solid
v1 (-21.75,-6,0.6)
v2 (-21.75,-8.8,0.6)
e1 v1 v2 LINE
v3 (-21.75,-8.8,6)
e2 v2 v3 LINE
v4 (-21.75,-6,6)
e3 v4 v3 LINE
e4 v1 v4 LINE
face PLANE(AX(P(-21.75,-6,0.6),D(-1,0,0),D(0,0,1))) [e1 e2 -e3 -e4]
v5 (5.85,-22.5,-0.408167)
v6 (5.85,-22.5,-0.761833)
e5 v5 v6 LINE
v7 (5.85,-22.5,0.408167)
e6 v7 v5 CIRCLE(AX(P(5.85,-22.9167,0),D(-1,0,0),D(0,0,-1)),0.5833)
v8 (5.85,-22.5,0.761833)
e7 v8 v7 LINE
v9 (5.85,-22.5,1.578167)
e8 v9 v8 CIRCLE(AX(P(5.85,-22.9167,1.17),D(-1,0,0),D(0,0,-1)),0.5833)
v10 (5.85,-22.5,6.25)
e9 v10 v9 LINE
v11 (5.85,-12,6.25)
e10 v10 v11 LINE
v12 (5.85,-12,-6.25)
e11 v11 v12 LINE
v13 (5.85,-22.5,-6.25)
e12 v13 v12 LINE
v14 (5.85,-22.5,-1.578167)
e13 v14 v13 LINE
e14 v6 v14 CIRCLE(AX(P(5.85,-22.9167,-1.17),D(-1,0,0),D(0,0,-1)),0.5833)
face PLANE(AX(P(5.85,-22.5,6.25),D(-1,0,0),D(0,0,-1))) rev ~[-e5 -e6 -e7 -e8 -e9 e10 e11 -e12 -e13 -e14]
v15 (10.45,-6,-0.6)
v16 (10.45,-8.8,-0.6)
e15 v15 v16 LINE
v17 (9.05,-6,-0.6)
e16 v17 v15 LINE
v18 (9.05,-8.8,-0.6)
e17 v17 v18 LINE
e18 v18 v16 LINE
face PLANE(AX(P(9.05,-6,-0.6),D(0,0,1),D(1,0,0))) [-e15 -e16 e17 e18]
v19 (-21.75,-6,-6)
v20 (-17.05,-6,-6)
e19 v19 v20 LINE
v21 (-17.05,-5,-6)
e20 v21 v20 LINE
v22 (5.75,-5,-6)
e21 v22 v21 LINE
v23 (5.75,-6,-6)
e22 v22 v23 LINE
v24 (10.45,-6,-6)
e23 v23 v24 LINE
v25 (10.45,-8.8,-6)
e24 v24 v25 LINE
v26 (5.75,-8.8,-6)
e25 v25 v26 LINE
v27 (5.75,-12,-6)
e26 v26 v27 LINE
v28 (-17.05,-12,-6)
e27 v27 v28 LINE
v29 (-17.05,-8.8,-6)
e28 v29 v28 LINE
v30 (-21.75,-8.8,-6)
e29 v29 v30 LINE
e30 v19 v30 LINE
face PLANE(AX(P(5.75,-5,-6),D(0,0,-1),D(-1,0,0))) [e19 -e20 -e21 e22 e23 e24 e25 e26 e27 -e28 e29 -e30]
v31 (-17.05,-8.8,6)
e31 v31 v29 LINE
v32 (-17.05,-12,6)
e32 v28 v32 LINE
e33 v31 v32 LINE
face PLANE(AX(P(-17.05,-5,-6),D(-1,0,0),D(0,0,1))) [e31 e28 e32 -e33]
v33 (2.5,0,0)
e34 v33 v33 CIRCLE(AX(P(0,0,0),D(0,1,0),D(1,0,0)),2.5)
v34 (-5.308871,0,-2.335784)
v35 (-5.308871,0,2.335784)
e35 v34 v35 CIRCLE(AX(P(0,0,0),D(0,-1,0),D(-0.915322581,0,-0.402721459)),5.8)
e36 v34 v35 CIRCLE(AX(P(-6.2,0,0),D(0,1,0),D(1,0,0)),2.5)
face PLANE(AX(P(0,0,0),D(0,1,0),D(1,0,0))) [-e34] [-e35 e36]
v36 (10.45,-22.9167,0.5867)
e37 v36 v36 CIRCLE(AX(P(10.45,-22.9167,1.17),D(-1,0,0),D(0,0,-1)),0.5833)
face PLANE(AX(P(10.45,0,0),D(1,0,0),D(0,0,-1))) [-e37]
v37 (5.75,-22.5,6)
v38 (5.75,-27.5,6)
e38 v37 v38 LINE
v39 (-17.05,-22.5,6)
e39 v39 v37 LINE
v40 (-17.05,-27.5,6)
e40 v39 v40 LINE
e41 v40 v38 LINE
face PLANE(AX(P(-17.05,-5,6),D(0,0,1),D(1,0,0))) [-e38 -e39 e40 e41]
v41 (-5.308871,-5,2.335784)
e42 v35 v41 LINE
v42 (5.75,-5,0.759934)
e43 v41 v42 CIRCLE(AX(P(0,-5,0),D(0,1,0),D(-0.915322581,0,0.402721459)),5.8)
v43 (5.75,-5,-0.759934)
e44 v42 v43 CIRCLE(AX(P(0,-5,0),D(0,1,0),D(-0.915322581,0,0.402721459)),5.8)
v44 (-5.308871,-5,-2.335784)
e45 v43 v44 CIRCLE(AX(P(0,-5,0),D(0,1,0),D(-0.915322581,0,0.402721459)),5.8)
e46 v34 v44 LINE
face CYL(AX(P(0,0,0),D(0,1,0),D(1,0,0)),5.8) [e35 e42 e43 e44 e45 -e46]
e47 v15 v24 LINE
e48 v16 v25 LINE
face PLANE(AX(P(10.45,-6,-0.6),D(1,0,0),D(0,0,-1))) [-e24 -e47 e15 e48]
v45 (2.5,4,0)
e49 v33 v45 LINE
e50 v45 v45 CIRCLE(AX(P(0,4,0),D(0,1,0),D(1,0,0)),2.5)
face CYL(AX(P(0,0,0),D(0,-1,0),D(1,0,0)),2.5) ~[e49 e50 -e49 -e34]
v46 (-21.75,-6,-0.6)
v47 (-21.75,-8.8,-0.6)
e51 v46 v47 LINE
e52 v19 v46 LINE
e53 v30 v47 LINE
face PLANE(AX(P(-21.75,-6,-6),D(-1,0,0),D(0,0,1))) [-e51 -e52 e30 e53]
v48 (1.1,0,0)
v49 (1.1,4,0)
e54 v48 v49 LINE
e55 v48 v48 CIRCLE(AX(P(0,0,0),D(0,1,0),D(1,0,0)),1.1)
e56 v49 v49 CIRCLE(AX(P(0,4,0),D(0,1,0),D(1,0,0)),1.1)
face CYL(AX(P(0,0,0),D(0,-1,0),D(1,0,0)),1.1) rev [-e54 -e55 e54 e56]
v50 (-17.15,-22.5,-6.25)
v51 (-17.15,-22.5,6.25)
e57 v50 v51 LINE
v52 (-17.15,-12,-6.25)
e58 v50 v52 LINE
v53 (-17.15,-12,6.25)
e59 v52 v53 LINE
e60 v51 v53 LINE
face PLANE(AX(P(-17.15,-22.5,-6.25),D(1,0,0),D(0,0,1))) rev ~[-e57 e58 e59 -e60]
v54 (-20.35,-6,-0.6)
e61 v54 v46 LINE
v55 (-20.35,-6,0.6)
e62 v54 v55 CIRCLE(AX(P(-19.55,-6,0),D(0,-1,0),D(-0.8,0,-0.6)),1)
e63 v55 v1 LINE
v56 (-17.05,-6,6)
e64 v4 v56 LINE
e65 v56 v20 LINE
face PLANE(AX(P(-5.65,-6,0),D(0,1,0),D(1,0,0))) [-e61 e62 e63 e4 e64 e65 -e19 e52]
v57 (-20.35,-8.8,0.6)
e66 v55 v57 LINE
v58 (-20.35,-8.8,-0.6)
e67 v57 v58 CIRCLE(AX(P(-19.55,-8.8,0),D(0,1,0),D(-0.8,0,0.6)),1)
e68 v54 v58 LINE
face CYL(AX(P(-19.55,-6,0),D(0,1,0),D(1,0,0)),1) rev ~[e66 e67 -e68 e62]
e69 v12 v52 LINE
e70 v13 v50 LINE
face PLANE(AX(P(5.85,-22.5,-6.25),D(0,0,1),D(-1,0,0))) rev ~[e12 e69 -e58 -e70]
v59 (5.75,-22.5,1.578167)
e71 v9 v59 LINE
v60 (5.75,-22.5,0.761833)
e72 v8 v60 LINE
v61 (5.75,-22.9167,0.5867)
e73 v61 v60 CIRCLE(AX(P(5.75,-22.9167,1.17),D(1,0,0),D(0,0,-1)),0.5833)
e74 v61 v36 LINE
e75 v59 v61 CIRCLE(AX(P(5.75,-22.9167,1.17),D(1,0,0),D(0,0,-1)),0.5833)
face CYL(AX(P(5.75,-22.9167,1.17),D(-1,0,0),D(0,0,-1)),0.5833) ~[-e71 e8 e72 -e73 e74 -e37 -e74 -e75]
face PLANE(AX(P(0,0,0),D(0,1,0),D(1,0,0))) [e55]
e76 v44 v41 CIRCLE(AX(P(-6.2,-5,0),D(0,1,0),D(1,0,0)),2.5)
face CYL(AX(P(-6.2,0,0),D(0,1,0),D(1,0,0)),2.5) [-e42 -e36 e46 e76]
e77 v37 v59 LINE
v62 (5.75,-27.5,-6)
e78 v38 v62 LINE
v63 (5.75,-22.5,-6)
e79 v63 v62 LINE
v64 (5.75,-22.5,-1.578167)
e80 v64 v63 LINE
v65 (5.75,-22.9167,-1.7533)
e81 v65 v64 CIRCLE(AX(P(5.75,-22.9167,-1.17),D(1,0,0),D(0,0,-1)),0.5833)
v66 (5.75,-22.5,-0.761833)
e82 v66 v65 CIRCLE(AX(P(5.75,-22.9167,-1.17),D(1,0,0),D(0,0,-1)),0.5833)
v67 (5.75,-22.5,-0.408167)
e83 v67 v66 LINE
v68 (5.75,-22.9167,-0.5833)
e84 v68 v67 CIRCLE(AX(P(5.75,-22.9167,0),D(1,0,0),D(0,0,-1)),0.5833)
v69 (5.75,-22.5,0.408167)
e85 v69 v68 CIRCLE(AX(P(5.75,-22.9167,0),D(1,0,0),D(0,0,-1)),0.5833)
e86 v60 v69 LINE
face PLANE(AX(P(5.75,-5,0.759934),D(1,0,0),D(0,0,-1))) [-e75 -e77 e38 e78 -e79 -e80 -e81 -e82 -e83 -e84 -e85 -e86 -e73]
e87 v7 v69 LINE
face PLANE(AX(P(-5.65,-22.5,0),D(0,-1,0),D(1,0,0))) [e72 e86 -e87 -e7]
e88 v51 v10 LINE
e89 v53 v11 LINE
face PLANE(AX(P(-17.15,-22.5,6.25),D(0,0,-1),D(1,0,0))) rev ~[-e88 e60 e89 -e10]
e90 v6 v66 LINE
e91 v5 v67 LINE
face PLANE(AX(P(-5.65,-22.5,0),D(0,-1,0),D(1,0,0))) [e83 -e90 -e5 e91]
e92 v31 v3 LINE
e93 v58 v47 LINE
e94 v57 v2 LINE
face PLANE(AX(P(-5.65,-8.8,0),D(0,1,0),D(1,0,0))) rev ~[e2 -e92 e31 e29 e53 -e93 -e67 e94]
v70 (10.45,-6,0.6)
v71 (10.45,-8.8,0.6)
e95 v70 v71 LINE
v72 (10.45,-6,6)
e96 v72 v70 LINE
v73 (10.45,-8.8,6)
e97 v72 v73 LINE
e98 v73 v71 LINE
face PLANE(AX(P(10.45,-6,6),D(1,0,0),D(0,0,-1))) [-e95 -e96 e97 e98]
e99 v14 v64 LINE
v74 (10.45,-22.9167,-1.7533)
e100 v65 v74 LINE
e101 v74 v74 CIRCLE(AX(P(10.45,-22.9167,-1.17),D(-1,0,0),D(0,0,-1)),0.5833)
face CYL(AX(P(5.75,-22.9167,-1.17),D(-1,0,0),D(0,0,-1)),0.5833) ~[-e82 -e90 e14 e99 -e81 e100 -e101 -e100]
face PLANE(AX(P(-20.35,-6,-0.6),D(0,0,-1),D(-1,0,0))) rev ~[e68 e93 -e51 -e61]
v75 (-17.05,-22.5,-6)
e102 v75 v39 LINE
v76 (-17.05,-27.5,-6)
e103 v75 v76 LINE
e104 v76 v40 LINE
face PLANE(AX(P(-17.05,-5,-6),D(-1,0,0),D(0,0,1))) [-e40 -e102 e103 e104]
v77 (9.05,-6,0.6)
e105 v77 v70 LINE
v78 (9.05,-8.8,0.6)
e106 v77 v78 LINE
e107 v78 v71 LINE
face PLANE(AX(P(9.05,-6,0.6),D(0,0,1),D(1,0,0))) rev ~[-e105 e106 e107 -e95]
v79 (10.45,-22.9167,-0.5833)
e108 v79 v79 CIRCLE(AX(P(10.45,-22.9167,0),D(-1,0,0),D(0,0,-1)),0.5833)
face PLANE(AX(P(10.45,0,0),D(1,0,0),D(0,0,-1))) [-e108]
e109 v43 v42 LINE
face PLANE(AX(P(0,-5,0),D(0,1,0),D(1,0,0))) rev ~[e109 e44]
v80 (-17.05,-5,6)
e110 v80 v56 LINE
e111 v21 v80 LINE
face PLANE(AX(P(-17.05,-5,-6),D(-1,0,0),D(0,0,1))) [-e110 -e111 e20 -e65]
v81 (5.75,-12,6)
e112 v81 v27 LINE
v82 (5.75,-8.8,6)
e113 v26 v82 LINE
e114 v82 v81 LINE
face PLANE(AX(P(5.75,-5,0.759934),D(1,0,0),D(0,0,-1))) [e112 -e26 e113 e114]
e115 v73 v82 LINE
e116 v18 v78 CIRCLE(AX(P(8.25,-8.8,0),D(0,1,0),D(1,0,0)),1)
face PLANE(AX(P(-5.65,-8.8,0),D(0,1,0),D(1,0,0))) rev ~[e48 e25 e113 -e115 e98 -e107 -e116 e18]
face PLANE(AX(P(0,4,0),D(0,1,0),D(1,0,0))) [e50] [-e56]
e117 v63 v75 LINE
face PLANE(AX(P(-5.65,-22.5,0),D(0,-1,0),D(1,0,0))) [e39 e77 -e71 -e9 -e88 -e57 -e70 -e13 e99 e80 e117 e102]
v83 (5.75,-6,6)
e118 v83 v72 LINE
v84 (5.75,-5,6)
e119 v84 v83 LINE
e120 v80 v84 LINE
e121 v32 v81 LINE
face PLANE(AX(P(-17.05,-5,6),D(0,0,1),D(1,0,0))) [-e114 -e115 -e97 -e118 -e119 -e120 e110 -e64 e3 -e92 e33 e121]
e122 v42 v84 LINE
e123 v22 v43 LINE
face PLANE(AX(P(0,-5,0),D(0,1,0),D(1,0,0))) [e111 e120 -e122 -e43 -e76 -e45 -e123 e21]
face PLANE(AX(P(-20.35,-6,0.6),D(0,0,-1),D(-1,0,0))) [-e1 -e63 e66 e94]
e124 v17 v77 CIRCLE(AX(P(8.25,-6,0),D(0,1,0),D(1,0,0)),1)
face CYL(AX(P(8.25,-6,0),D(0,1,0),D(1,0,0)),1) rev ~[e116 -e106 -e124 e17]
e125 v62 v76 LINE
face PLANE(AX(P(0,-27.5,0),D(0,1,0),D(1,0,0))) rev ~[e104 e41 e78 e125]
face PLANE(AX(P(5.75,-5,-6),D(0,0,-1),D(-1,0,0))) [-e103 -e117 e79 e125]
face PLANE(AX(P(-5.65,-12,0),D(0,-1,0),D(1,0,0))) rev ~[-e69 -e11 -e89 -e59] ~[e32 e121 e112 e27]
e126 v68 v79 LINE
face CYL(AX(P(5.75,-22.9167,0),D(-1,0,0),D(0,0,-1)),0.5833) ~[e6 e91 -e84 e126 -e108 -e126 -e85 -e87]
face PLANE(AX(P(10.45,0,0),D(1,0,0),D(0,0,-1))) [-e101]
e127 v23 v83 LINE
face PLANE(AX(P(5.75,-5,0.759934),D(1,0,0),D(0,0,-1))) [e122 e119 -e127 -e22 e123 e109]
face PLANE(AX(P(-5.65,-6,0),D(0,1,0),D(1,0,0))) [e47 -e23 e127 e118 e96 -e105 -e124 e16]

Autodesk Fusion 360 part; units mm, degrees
sketch "ServoRotatingPlate" plane through (0, 0, 0) normal (0, 1, 0) x (1, 0, 0)
  circle A0 centre (0, 0) radius 5.8
  line L0 (5.75, 6) -> (-17.05, 6)
  line L1 (-17.05, 6) -> (-17.05, -6)
  line L2 (-17.05, -6) -> (5.75, -6)
  line L3 (5.75, -6) -> (5.75, 6)
  line L4 (-8.7, 0) -> (5.75, 0) construction
  circle A1 centre (-6.2, 0) radius 2.5
  circle A2 centre (0, 0) radius 2.5
  circle A3 centre (0, 0) radius 1.1
  point P0 (5.8, 0)
  dimension "d4" = 11.6
  dimension "d6" = 12
  dimension "d7" = 22.8
  dimension "d10" = 5
  dimension "d12" = 14.5
  dimension "d13" = 5.75
  dimension "d14" = 8.1
  dimension "d48" = 5
  dimension "d49" = 1.4
extrude "Extrude1" add sketch "ServoRotatingPlate" against normal blind 5 contours A0 L3 | A0 L3 A1 | A0 A1 | A0 A1 | A2 | A3
extrude "Extrude2" add sketch "ServoRotatingPlate" against normal blind 22.5 from surface at -5 contours A0 L3 A1 | A0 L0 L1 L2 L3 A1 | A0 A1 | A0 A1 | A2 | A3
ref_plane "WorkPlane1" through (-5.65, -6, 0) normal (0, 1, 0) x (0, 0, 1)
sketch "EarBase" plane through (-5.65, -6, 0) normal (0, 1, 0) x (1, 0, 0)
  line L0 (16.1, 6) -> (-16.1, 6)
  line L1 (-16.1, 6) -> (-16.1, -6)
  line L2 (-16.1, -6) -> (16.1, -6)
  line L3 (16.1, -6) -> (16.1, 6)
  line L4 (16.1, 6) -> (-16.1, -6) construction
  line L5 (-16.1, 6) -> (16.1, -6) construction
  line L6 (-16.1, 0) -> (16.1, 0) construction
  circle A0 centre (-13.9, 0) radius 1
  line L7 (-14.7, 0.6) -> (-16.1, 0.6)
  line L8 (-14.7, -0.6) -> (-16.1, -0.6)
  line L9 (-11.4, 6) -> (-11.4, -6)
  line L10 (0, 0) -> (0, 6) construction
  line L11 (14.7, 0.6) -> (16.1, 0.6)
  circle A1 centre (13.9, 0) radius 1
  line L12 (14.7, -0.6) -> (16.1, -0.6)
  point P0 (11.4, 6)
  dimension "d26" = 32.2
  dimension "d31" = 2
  dimension "d33" = 1.2
  dimension "d34" = 2.5
  dimension "d35" = 4.7
extrude "Extrude3" add sketch "EarBase" against normal blind 2.8 contours L0 L2 L3 L9 L11 A1 L12 | L0 L1 L2 A0 L7 L8 L9
ref_plane "WorkPlane2" through (-5.65, -22.5, 0) normal (0, -1, 0) x (0, 0, -1)
sketch "StickerBase" plane through (-5.65, -22.5, 0) normal (0, -1, 0) x (1, 0, 0)
  line L0 (11.5, -6.25) -> (-11.5, -6.25)
  line L1 (-11.5, -6.25) -> (-11.5, 6.25)
  line L2 (-11.5, 6.25) -> (11.5, 6.25)
  line L3 (11.5, 6.25) -> (11.5, -6.25)
  line L4 (11.5, -6.25) -> (-11.5, 6.25) construction
  line L5 (-11.5, -6.25) -> (11.5, 6.25) construction
  dimension "d42" = 23
  dimension "d43" = 12.5
extrude "Extrude4" add sketch "StickerBase" against normal blind 10.5
extrude "Extrude5" add sketch "ServoRotatingPlate" along normal blind 4 contours A2
sketch "WireHardCoded" plane through (5.75, 0, 0) normal (1, 0, 0) x (0, 0, -1)
  line L0 (6, -22.5) -> (-6, -22.5)
  line L1 (-6, -22.5) -> (-6, -27.5)
  line L2 (-6, -27.5) -> (6, -27.5)
  line L3 (6, -27.5) -> (6, -22.5)
  line L4 (-1.75, -23.5) -> (1.75, -23.5) construction
  line L5 (1.75, -23.5) -> (1.75, -22.3333) construction
  line L6 (1.75, -22.3333) -> (-1.75, -22.3333) construction
  line L7 (-1.75, -22.3333) -> (-1.75, -23.5) construction
  line L8 (0, -27.5) -> (0, -23.5) construction
  line L9 (-1.75, -22.9167) -> (1.75, -22.9167) construction
  circle A0 centre (0, -22.9167) radius 0.5833
  circle A1 centre (-1.17, -22.9167) radius 0.5833
  circle A2 centre (1.17, -22.9167) radius 0.5833
  dimension "d52" = 1.1667
  dimension "d53" = 3.5
  dimension "d54" = 4
  dimension "d57" = 1.17
  dimension "d58" = 0
extrude "Extrude6" add sketch "WireHardCoded" along normal up to surface (4.7 mm away) contours L0 A2 | L0 A2 | L0 A0 | L0 A0 | L0 A1 | L0 A1
equation "Note0 = 0" comment "The [0,0,0] is placed at the servo shaft base plane, for better alignment"
equation "Note1 = 1" comment "Improvement for https://www.thingiverse.com/thing:2641076"
equation "BaseCircleD = 11.6 mm"
equation "d4 = BaseCircleD"
equation "BaseRectW = 12 mm"
equation "d6 = BaseRectW"
equation "d7 = BaseRectH"
equation "BaseRectH = 22.8 mm"
equation "BaseCircle2D = 5 mm"
equation "d10 = BaseCircle2D"
equation "E2EDist = 14.5 mm"
equation "d12 = E2EDist"
equation "d13 = CenterMeasureL"
equation "CenterMeasureL = 5.75 mm"
equation "GearIsleHeight = 5 mm"
equation "d17 = -GearIsleHeight"
equation "BoxHeight = 22.5 mm"
equation "d21 = -BoxHeight"
equation "Ear_Down = 1 mm"
equation "d24 = -Ear_Down"
equation "Ear_L = 32.2 mm"
equation "d26 = Ear_L"
equation "Ear_Thick = 2.8 mm"
equation "d28 = -Ear_Thick"
equation "EarScrew_D = 2 mm"
equation "d31 = EarScrew_D"
equation "Ear_Slit = 1.2 mm"
equation "d33 = Ear_Slit"
equation "d34 = HolePos"
equation "HolePos = 2.5 mm"
equation "sticker_height = 10.5 mm"
equation "stick_pos = 5 mm"
equation "d39 = -stick_pos"
equation "Sticker_Profile_L = 23 mm"
equation "Sticker_Profile_W = 12.5 mm"
equation "d42 = Sticker_Profile_L"
equation "d43 = Sticker_Profile_W"
equation "d44 = -sticker_height"
equation "ServoShaftProf = 5 mm"
equation "ServoProfHeight = 4 mm"
equation "d48 = ServoShaftProf"
equation "d50 = ServoProfHeight"
equation "d52 = ( 3.5 / 3 ) * 1 mm"
